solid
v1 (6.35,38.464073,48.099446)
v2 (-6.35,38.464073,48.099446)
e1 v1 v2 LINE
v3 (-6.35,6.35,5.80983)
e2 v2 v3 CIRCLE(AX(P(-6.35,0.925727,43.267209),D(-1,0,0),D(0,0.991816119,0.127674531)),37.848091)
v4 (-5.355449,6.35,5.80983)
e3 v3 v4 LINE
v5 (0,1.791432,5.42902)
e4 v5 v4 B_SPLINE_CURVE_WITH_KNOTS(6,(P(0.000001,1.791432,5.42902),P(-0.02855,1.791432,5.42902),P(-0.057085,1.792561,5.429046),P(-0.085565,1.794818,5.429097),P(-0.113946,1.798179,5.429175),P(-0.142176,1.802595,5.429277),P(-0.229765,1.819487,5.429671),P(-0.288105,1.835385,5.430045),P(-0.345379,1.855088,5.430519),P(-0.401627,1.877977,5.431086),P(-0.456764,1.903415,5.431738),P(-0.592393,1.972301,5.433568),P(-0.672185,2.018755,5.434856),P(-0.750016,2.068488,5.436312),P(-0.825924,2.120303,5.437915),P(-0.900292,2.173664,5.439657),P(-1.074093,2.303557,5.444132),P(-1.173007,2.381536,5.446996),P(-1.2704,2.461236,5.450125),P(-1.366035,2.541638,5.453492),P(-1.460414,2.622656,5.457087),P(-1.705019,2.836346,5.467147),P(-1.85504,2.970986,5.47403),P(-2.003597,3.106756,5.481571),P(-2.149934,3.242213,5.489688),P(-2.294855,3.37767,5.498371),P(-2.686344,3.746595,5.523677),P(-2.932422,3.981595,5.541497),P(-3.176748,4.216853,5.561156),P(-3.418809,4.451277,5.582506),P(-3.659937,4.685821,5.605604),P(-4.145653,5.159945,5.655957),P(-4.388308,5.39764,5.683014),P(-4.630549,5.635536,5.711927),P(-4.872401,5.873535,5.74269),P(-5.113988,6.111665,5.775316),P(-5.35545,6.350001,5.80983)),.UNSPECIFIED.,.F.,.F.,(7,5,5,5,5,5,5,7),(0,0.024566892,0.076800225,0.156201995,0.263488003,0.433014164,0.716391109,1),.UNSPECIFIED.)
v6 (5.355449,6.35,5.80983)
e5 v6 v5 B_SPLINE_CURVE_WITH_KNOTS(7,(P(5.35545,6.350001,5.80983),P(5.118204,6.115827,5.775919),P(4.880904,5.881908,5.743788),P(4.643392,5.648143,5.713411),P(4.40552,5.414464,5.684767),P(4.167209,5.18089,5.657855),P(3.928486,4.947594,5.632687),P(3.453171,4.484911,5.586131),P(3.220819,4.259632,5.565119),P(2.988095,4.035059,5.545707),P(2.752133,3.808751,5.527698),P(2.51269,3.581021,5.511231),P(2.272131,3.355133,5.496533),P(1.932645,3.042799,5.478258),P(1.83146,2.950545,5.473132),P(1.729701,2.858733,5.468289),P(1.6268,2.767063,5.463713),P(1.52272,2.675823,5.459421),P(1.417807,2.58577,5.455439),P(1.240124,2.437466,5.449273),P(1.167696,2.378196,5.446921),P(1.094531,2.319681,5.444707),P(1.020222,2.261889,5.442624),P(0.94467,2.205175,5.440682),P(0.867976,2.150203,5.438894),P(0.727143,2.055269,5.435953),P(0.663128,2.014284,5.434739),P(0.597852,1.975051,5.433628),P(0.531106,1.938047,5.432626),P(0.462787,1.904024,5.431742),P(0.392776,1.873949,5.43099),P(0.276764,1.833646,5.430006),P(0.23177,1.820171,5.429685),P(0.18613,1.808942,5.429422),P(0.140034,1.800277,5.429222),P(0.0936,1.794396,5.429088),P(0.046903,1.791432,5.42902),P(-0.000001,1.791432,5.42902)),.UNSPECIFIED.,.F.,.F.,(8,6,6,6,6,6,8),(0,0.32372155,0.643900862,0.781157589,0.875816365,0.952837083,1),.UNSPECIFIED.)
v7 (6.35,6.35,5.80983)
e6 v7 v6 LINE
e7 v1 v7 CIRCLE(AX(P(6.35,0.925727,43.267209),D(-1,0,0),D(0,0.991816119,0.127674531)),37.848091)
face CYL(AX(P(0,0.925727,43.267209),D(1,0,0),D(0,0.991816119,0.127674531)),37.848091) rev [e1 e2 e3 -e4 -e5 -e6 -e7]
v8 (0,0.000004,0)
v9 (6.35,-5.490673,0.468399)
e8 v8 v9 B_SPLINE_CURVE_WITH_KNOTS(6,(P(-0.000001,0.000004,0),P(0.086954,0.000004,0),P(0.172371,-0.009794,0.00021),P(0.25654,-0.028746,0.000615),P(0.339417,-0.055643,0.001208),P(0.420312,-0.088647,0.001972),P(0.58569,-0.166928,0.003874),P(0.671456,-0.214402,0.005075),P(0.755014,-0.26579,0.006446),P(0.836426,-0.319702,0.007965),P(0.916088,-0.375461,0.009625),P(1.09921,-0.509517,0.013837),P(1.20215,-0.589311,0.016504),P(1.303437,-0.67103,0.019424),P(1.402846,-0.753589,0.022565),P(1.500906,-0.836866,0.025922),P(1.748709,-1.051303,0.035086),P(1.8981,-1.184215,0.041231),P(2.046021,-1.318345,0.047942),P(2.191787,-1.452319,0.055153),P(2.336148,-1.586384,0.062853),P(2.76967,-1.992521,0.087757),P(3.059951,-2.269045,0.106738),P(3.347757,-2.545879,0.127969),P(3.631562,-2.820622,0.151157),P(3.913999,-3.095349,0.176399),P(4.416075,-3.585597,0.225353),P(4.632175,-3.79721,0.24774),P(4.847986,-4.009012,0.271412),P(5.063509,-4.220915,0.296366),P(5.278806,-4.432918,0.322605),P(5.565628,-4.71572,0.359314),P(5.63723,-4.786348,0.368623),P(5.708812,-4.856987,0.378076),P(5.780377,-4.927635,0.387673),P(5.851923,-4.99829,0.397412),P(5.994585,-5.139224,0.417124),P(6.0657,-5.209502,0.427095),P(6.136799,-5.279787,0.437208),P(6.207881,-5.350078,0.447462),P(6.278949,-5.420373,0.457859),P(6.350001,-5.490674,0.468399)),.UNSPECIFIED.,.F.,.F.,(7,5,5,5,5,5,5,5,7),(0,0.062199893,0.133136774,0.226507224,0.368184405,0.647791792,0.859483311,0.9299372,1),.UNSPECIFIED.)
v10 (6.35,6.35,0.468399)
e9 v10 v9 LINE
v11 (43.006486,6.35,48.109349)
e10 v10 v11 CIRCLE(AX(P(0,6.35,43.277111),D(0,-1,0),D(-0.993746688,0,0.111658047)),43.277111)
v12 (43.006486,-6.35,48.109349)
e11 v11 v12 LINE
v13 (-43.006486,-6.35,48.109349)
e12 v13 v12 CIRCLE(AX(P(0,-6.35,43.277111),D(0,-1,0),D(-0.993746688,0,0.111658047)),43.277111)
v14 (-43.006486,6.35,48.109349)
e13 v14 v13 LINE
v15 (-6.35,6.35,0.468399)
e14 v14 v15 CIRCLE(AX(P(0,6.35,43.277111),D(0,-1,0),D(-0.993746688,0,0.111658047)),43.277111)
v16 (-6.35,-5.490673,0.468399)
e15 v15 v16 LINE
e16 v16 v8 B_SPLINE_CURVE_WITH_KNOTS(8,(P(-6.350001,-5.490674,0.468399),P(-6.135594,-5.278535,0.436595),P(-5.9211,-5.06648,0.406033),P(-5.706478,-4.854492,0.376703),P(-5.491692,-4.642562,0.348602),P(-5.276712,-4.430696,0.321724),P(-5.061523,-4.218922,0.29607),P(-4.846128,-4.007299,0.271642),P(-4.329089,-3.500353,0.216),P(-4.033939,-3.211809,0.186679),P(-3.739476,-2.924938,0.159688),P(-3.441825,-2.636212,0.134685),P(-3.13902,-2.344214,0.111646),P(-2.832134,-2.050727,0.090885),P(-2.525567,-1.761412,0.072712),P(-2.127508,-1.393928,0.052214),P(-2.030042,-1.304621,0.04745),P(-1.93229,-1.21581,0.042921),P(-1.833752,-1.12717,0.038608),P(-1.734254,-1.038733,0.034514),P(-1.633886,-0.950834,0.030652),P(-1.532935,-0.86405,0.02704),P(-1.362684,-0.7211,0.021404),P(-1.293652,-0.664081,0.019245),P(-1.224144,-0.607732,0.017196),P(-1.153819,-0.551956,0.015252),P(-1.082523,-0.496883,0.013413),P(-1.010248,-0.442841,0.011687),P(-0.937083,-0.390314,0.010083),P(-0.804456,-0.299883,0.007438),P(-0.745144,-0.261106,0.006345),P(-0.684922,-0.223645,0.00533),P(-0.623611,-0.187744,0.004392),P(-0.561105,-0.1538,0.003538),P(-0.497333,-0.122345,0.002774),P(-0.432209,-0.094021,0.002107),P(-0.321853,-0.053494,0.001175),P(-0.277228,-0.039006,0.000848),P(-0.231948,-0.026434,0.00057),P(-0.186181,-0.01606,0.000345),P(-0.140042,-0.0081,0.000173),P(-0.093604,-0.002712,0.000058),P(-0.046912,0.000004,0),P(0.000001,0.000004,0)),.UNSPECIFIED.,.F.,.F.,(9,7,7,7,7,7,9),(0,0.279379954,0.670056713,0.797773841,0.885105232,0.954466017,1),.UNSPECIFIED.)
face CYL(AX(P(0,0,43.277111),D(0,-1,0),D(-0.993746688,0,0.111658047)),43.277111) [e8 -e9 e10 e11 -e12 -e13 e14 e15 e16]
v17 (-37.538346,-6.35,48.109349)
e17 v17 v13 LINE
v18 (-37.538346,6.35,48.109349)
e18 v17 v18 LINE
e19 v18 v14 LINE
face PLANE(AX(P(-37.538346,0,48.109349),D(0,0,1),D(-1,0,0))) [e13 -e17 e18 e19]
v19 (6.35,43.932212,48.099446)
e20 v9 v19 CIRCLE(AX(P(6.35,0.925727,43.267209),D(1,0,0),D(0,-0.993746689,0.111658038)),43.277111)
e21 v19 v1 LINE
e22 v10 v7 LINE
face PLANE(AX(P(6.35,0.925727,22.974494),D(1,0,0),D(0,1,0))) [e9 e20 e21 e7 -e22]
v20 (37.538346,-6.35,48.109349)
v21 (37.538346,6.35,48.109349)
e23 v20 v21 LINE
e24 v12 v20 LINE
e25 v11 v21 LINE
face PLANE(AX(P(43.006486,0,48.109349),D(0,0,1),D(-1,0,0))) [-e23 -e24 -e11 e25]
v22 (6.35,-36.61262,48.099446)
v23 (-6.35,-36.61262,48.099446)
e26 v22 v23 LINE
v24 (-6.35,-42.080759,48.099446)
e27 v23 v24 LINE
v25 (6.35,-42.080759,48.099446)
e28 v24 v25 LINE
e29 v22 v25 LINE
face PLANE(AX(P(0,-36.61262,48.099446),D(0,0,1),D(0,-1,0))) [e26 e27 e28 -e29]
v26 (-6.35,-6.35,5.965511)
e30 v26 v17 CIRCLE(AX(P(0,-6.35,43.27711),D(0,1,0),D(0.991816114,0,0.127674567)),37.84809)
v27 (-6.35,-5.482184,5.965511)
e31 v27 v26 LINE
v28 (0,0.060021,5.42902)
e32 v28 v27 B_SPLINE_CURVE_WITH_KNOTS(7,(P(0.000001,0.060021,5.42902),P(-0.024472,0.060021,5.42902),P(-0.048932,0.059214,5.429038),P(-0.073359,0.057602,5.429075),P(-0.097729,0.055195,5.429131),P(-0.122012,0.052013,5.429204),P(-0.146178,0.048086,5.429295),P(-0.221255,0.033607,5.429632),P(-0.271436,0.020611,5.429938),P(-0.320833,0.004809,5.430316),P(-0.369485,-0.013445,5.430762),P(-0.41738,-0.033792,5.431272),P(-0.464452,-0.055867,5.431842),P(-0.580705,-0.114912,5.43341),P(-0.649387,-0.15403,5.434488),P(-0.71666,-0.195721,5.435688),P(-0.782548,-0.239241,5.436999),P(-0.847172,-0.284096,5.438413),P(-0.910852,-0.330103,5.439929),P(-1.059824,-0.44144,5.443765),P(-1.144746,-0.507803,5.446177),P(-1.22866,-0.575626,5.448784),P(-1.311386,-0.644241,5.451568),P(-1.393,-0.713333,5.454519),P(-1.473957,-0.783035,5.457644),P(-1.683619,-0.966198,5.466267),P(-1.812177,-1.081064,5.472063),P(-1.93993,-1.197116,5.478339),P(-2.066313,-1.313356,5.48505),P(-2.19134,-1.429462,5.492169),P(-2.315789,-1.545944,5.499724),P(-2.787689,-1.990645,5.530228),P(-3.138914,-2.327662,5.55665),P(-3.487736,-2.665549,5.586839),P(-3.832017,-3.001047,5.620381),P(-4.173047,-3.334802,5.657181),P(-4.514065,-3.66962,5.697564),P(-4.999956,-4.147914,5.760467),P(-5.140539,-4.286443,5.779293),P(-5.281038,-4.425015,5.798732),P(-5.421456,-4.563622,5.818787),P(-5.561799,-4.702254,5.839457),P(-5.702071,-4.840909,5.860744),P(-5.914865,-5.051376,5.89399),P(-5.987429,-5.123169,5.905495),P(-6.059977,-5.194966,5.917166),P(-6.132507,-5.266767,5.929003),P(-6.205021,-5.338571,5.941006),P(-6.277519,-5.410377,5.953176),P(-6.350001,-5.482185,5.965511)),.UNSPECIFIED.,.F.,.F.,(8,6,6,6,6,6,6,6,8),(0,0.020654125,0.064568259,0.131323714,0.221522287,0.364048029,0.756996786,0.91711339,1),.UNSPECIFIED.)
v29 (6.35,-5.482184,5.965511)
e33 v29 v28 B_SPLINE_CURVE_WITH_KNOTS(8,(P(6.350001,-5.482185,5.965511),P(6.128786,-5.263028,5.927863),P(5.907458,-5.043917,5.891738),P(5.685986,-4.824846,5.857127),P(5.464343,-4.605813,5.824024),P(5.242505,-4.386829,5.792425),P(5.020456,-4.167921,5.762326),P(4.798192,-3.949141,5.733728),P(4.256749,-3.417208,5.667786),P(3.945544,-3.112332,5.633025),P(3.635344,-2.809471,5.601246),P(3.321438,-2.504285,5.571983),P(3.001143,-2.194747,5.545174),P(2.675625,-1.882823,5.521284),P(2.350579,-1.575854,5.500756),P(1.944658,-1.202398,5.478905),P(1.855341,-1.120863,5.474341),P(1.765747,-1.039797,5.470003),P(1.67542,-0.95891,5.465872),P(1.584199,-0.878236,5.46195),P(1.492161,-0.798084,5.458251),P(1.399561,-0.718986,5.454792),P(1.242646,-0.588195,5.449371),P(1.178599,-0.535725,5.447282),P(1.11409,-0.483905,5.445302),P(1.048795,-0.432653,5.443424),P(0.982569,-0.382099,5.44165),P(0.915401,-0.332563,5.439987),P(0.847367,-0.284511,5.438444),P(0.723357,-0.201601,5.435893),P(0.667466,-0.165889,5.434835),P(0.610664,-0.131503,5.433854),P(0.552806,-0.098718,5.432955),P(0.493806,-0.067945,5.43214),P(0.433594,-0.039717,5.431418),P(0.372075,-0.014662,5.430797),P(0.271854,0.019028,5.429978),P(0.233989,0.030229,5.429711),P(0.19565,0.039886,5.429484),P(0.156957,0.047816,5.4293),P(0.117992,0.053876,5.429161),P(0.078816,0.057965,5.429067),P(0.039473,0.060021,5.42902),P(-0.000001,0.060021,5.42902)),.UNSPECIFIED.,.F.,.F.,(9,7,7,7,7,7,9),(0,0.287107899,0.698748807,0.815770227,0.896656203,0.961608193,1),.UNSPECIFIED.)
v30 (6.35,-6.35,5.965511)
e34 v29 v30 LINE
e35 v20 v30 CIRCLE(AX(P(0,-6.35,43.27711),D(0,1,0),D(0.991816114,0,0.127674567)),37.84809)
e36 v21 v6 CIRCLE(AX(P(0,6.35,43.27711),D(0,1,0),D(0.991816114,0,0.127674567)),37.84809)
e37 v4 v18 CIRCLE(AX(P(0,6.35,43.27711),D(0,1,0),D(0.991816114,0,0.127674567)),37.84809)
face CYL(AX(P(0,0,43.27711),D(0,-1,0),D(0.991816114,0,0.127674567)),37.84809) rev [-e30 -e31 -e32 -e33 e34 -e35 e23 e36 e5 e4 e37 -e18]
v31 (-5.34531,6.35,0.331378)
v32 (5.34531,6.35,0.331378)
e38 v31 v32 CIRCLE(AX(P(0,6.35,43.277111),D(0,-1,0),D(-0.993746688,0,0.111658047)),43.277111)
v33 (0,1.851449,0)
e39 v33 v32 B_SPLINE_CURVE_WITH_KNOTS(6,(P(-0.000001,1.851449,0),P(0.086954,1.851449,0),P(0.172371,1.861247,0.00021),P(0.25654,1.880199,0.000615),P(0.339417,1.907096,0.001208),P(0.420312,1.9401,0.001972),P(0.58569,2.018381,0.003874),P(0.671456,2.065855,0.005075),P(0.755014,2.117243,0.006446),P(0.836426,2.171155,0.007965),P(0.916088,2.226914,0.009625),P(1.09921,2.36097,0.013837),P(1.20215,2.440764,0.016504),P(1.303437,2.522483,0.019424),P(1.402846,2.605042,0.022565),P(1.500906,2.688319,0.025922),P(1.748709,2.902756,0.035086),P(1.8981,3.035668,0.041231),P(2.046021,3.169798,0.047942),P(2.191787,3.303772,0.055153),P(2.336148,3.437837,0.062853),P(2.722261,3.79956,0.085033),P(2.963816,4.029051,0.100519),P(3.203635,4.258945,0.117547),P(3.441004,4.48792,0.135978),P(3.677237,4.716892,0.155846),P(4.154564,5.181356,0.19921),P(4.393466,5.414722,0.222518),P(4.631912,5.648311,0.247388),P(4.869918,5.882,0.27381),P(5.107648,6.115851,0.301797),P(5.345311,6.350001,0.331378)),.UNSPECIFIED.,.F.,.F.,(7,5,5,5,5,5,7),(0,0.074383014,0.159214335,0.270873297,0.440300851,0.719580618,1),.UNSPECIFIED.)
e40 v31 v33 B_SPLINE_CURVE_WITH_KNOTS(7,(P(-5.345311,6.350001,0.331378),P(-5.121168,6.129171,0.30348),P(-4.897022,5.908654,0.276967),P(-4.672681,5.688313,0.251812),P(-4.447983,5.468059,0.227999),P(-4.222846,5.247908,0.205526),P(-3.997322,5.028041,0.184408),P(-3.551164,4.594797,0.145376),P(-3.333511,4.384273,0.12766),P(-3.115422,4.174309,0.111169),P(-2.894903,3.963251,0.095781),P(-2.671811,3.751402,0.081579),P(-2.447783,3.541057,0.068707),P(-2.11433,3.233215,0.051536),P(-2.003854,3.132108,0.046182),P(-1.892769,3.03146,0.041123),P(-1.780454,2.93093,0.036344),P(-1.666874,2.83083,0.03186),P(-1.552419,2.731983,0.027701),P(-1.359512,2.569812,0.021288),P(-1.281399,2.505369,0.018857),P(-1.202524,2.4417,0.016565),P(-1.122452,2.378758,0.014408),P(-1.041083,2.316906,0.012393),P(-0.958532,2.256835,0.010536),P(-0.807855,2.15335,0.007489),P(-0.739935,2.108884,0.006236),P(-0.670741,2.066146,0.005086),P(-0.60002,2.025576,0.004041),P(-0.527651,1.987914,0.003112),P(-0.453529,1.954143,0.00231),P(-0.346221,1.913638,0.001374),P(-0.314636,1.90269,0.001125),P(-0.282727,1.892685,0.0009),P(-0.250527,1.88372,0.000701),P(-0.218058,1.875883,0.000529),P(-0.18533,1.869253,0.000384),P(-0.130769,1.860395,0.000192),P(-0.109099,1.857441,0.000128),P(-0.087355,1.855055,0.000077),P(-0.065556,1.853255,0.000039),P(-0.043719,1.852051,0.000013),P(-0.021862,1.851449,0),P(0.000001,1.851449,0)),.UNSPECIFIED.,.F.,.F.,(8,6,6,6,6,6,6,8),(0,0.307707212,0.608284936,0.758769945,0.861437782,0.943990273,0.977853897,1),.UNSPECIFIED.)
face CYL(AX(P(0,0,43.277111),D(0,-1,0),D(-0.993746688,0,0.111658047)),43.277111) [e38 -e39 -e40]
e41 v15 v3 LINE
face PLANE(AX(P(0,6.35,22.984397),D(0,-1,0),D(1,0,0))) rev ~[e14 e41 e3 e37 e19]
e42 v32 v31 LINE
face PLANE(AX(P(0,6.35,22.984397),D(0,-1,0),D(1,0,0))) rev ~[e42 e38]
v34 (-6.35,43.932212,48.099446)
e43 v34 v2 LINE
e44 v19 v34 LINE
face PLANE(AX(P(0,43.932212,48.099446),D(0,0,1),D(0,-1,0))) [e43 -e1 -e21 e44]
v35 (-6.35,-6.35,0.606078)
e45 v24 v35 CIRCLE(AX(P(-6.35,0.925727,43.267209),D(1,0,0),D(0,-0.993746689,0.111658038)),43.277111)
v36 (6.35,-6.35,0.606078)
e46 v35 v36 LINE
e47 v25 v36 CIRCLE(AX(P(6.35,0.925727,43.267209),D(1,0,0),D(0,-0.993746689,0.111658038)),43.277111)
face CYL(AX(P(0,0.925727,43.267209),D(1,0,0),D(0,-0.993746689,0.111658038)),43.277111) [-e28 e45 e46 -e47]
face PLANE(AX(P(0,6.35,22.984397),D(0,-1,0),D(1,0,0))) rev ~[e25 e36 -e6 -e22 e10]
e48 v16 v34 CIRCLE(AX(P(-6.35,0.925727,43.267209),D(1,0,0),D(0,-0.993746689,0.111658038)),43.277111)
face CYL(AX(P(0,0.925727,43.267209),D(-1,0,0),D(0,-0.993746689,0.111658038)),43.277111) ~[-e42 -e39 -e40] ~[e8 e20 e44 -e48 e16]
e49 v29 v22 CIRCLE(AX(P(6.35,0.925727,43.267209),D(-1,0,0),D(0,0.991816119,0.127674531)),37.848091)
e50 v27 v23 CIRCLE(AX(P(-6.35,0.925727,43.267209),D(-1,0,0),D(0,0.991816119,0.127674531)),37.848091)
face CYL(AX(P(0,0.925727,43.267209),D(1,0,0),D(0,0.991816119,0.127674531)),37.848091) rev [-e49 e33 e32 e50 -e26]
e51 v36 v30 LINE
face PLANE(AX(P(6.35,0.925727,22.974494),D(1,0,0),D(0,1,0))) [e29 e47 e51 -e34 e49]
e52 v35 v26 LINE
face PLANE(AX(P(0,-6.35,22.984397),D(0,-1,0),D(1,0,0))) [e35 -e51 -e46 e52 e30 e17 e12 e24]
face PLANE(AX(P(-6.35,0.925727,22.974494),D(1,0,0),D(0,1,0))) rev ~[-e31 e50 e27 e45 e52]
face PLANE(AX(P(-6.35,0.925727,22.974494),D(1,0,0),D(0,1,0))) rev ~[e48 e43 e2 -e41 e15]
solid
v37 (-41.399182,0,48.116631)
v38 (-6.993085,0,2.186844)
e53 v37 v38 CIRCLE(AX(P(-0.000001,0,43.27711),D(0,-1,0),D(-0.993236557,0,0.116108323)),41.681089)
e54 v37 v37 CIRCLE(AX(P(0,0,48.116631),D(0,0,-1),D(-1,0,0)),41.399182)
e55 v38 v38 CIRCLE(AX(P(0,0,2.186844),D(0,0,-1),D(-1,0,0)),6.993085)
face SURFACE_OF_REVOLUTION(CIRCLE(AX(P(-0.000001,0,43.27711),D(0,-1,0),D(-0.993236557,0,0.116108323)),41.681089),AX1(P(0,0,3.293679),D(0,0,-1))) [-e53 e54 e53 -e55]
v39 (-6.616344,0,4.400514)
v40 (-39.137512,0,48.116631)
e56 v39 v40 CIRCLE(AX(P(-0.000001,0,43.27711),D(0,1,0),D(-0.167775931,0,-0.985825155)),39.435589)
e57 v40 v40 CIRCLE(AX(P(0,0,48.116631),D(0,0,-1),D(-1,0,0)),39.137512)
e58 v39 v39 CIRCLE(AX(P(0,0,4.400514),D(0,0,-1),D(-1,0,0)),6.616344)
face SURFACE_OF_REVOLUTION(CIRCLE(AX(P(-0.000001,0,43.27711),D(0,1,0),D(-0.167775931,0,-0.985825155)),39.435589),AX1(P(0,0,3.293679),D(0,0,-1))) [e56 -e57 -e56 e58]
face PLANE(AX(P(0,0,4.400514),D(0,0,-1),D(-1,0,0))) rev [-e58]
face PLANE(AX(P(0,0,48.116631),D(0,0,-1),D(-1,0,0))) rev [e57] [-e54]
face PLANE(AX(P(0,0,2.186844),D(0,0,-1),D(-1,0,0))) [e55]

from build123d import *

# Parameters (mm, degrees)
F1_DEPTH      = 6.35
F1_DEPTH_BACK = 6.35
F3_DEPTH      = 6.35
F3_DEPTH_BACK = 6.35


with BuildPart() as f1:
    # F0 (on Front) → F1 (new body, two sides)
    with BuildSketch(Plane.XZ) as f1_sk:
        with BuildLine():
            Line((-37.538346, 48.109349), (-43.006486, 48.109349))
            ThreePointArc((-43.006486, 48.109349), (0, 0), (43.006486, 48.109349))
            Line((43.006486, 48.109349), (37.538346, 48.109349))
            ThreePointArc((37.538346, 48.109349), (0, 5.42902), (-37.538346, 48.109349))
        make_face()
    extrude(amount=F1_DEPTH)
    extrude(f1_sk.sketch, amount=-F1_DEPTH_BACK)

    # F2 (on Right) → F3 (join, two sides)
    with BuildSketch(Plane.YZ) as f3_sk:
        with BuildLine():
            Line((-36.61262, 48.099446), (-42.080759, 48.099446))
            ThreePointArc((-42.080759, 48.099446), (0.925726, -0.009902), (43.932212, 48.099446))
            Line((43.932212, 48.099446), (38.464073, 48.099446))
            ThreePointArc((38.464073, 48.099446), (0.925726, 5.419118), (-36.61262, 48.099446))
        make_face()
    extrude(amount=F3_DEPTH)
    extrude(f3_sk.sketch, amount=-F3_DEPTH_BACK)


with BuildPart() as f5:
    # F4 (on Front) → F5 (revolve)
    with BuildSketch(Plane.XZ):
        with BuildLine():
            ThreePointArc((-6.616344, 4.400514), (-31.640616, 19.739115), (-39.137512, 48.116631))
            Line((-39.137512, 48.116631), (-41.399182, 48.116631))
            ThreePointArc((-41.399182, 48.116631), (-33.359245, 18.287632), (-6.993085, 2.186844))
            Line((-6.993085, 2.186844), (0, 2.186844))
            Line((0, 2.186844), (0, 4.400514))
            Line((0, 4.400514), (-6.616344, 4.400514))
        make_face()
    revolve(axis=Axis((0, 0, 3.293679), (0, 0, -1)))


solid = Compound([f1.part, f5.part])
